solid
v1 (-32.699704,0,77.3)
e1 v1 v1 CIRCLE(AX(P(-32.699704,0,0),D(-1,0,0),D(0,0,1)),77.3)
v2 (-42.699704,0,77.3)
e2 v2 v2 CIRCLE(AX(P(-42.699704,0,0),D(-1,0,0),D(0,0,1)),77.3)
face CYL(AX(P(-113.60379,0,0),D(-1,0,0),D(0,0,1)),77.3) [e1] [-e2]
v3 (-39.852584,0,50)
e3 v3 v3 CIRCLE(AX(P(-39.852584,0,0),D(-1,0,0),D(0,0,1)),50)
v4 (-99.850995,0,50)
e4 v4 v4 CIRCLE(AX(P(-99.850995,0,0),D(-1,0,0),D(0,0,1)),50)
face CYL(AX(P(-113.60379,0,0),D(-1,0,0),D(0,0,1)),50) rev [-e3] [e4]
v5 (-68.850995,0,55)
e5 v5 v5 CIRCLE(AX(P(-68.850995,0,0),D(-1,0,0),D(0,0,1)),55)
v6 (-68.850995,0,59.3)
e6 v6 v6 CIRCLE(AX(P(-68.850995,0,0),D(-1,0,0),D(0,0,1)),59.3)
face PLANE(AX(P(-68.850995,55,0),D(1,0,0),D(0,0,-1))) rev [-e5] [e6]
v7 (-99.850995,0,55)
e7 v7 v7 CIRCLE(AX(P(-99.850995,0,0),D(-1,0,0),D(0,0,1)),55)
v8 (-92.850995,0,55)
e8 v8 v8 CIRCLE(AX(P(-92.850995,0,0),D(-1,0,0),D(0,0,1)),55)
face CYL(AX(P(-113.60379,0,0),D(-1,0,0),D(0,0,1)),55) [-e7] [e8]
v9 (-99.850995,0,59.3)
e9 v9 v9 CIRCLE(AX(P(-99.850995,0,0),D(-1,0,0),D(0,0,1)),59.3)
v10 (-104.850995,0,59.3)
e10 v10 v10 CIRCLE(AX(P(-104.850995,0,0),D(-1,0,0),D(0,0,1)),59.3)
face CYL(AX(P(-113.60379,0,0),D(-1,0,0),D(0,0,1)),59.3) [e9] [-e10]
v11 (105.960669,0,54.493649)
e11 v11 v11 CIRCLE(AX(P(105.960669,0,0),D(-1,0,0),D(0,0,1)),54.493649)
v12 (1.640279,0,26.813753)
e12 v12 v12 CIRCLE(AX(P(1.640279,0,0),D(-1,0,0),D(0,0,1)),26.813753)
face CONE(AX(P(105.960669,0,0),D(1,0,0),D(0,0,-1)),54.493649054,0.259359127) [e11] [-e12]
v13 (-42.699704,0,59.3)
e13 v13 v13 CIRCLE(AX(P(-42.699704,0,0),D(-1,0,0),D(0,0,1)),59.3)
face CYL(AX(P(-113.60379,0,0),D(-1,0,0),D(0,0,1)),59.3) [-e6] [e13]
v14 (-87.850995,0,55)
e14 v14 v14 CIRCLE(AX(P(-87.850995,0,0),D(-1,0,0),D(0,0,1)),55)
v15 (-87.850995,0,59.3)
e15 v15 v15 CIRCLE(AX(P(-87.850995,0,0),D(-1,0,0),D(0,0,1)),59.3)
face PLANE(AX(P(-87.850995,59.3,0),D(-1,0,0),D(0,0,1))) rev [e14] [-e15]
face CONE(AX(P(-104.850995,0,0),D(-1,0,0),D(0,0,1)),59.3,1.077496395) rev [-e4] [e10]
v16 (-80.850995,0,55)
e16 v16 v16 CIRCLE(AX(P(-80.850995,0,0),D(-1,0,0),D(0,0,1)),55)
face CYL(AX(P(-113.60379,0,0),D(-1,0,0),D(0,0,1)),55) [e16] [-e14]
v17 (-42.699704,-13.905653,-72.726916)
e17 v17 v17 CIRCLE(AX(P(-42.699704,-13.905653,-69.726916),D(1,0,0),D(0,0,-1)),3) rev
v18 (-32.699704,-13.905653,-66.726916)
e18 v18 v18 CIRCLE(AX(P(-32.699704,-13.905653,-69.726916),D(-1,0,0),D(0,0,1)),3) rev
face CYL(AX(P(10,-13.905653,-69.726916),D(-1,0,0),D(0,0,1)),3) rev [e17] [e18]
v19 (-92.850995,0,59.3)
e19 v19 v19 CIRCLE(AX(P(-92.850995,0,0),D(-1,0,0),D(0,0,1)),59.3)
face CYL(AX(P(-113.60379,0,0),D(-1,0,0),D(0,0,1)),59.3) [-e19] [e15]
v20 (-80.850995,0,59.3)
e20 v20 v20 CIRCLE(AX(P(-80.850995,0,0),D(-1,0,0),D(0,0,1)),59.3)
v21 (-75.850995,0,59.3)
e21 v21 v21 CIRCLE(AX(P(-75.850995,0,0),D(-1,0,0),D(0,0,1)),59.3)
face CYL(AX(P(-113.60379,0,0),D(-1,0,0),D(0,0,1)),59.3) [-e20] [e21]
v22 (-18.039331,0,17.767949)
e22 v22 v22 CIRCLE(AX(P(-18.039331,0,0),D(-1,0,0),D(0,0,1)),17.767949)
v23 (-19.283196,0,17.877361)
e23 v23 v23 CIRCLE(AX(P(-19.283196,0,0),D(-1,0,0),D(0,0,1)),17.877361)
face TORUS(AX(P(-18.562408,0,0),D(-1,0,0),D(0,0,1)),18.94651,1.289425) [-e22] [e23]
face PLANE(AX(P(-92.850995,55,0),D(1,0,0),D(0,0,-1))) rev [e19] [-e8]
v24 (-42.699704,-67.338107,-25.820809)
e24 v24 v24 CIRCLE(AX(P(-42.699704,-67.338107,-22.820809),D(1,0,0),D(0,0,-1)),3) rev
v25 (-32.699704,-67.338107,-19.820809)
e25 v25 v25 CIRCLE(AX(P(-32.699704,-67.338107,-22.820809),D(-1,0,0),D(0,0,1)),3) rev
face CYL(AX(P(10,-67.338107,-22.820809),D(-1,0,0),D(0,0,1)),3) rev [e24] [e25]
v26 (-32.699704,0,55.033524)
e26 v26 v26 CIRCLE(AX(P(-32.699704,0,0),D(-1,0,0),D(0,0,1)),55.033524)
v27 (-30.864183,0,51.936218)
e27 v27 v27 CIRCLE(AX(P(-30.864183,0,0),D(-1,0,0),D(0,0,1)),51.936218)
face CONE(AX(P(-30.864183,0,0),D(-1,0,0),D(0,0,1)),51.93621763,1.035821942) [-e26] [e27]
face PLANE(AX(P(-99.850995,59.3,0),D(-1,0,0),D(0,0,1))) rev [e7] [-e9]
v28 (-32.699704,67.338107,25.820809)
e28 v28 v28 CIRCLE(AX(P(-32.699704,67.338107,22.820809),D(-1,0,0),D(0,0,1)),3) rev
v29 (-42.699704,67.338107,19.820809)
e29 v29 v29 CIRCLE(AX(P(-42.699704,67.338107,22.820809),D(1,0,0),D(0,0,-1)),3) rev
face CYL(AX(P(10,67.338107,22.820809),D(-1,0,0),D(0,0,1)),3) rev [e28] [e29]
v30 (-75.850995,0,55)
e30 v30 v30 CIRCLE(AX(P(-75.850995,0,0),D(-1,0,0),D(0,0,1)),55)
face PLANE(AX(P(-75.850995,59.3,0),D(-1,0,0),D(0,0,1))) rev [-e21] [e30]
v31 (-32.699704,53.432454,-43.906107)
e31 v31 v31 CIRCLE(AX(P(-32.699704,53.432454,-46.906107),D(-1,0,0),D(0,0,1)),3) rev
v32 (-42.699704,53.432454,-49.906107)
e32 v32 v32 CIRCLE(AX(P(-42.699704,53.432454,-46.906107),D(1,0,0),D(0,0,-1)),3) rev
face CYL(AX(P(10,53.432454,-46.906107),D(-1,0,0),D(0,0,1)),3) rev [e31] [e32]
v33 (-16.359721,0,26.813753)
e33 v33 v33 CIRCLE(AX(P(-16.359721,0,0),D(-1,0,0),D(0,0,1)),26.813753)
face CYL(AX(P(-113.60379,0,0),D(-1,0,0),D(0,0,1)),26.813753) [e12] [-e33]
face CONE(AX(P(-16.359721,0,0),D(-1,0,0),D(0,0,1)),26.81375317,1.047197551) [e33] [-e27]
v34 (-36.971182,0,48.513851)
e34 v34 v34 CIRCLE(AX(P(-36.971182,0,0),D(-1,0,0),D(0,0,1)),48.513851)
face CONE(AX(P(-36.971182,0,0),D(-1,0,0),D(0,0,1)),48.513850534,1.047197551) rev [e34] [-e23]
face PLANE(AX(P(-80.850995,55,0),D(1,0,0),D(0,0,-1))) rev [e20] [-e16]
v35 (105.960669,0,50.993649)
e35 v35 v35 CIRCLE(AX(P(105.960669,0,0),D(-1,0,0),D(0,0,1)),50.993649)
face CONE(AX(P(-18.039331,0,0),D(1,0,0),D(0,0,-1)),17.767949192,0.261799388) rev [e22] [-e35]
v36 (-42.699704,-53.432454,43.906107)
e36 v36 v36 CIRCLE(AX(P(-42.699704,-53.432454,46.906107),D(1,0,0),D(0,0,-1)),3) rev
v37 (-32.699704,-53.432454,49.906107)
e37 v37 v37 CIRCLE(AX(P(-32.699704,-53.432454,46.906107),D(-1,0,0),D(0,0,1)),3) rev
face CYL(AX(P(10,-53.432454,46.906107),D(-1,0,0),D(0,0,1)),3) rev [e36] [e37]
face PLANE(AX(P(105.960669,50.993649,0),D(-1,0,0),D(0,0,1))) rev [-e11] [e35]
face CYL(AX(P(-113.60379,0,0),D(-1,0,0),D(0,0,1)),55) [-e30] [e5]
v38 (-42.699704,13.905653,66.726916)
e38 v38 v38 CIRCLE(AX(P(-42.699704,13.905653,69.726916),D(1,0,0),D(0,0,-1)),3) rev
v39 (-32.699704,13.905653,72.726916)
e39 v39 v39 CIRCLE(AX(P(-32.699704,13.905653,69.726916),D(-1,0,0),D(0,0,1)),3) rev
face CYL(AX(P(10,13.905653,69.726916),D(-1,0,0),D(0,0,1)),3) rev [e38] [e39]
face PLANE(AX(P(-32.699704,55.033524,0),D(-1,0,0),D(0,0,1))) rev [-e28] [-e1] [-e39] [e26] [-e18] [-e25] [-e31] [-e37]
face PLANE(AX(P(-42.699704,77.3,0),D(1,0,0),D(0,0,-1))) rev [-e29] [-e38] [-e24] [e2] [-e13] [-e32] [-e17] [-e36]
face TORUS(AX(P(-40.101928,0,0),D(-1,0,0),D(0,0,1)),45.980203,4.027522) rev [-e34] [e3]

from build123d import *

# Parameters (mm, degrees)
ESQUISSE2_R                  = 3
ENL_V_MAT_EXTRU_1_DEPTH      = 10
ENL_V_MAT_EXTRU_1_DEPTH_BACK = 448


with BuildPart() as part:
    # Esquisse1 → Révolution1 (revolve)
    with BuildSketch(Plane.XY, mode=Mode.PRIVATE) as r_volution1_sk:
        with BuildLine():
            Line((-18.039330687, 17.767949192), (75.138971442, 42.735))
            Line((75.138971442, 42.735), (105.960669313, 50.993649054))
            Line((105.960669313, 50.993649054), (105.960669313, 54.493649054))
            Line((105.960669313, 54.493649054), (1.640278983, 26.81375317))
            Line((1.640278983, 26.81375317), (-16.359721017, 26.81375317))
            Line((-16.359721017, 26.81375317), (-19.950707197, 33.033523683))
            Line((-19.950707197, 33.033523683), (-30.864182635, 51.93621763))
            Line((-30.864182635, 51.93621763), (-32.699704078, 55.033523683))
            Line((-32.699704078, 55.033523683), (-32.699704078, 58.335972539))
            Line((-32.699704078, 58.335972539), (-32.699704078, 59.3))
            Line((-32.699704078, 59.3), (-32.699704078, 77.3))
            Line((-32.699704078, 77.3), (-42.699704078, 77.3))
            Line((-42.699704078, 77.3), (-42.699704078, 59.3))
            Line((-42.699704078, 59.3), (-68.850994622, 59.3))
            Line((-68.850994622, 59.3), (-68.850994622, 55))
            Line((-68.850994622, 55), (-75.850994622, 55))
            Line((-75.850994622, 55), (-75.850994622, 59.3))
            Line((-75.850994622, 59.3), (-80.850994622, 59.3))
            Line((-80.850994622, 59.3), (-80.850994622, 55))
            Line((-80.850994622, 55), (-87.850994622, 55))
            Line((-87.850994622, 55), (-87.850994622, 59.3))
            Line((-87.850994622, 59.3), (-92.850994622, 59.3))
            Line((-92.850994622, 59.3), (-92.850994622, 55))
            Line((-92.850994622, 55), (-99.850994622, 55))
            Line((-99.850994622, 55), (-99.850994622, 59.3))
            Line((-99.850994622, 59.3), (-104.850994622, 59.3))
            Line((-104.850994622, 59.3), (-99.850994622, 50))
            Line((-99.850994622, 50), (-49.762698238, 50))
            Line((-49.762698238, 50), (-39.852583688, 50))
            ThreePointArc((-39.852583688, 50), (-38.255739202, 49.559662211), (-36.97118184, 48.513850534))
            Line((-36.97118184, 48.513850534), (-19.283196137, 17.877360613))
            ThreePointArc((-19.283196137, 17.877360613), (-18.675390795, 17.662044942), (-18.039330687, 17.767949192))
        make_face()
    revolve(r_volution1_sk.sketch.rotate(Axis((-113.603789782, 0, 0), (1, 0, 0)), 90), axis=Axis((-113.603789782, 0, 0), (1, 0, 0)))  # turned: the seam where the file's is

    # Esquisse2 → Enlèv. mat.-Extru.1 (cut, two sides)
    with BuildSketch(Plane(origin=(0, 0, 0), x_dir=(0, 0, -1), z_dir=(1, 0, 0))) as enl_v_mat_extru_1_sk:
        with Locations(Location((-69.726916044, 13.905652772, 0), (0, 0, 180))):  # turned: the seam where the file's is
            Circle(ESQUISSE2_R)
        with Locations(Location((-46.906106579, -53.432454235, 0), (0, 0, 180))):  # turned: the seam where the file's is
            Circle(ESQUISSE2_R)
        with Locations(Location((22.820809465, -67.338107008, 0), (0, 0, 180))):  # turned: the seam where the file's is
            Circle(ESQUISSE2_R)
        with Locations(Location((69.726916044, -13.905652772, 0), (0, 0, 180))):  # turned: the seam where the file's is
            Circle(ESQUISSE2_R)
        with Locations(Location((46.906106579, 53.432454235, 0), (0, 0, 180))):  # turned: the seam where the file's is
            Circle(ESQUISSE2_R)
        with Locations(Location((-22.820809465, 67.338107008, 0), (0, 0, 180))):  # turned: the seam where the file's is
            Circle(ESQUISSE2_R)
    extrude(amount=ENL_V_MAT_EXTRU_1_DEPTH, mode=Mode.SUBTRACT)
    extrude(enl_v_mat_extru_1_sk.sketch, amount=-ENL_V_MAT_EXTRU_1_DEPTH_BACK, mode=Mode.SUBTRACT)


solid = part.part
